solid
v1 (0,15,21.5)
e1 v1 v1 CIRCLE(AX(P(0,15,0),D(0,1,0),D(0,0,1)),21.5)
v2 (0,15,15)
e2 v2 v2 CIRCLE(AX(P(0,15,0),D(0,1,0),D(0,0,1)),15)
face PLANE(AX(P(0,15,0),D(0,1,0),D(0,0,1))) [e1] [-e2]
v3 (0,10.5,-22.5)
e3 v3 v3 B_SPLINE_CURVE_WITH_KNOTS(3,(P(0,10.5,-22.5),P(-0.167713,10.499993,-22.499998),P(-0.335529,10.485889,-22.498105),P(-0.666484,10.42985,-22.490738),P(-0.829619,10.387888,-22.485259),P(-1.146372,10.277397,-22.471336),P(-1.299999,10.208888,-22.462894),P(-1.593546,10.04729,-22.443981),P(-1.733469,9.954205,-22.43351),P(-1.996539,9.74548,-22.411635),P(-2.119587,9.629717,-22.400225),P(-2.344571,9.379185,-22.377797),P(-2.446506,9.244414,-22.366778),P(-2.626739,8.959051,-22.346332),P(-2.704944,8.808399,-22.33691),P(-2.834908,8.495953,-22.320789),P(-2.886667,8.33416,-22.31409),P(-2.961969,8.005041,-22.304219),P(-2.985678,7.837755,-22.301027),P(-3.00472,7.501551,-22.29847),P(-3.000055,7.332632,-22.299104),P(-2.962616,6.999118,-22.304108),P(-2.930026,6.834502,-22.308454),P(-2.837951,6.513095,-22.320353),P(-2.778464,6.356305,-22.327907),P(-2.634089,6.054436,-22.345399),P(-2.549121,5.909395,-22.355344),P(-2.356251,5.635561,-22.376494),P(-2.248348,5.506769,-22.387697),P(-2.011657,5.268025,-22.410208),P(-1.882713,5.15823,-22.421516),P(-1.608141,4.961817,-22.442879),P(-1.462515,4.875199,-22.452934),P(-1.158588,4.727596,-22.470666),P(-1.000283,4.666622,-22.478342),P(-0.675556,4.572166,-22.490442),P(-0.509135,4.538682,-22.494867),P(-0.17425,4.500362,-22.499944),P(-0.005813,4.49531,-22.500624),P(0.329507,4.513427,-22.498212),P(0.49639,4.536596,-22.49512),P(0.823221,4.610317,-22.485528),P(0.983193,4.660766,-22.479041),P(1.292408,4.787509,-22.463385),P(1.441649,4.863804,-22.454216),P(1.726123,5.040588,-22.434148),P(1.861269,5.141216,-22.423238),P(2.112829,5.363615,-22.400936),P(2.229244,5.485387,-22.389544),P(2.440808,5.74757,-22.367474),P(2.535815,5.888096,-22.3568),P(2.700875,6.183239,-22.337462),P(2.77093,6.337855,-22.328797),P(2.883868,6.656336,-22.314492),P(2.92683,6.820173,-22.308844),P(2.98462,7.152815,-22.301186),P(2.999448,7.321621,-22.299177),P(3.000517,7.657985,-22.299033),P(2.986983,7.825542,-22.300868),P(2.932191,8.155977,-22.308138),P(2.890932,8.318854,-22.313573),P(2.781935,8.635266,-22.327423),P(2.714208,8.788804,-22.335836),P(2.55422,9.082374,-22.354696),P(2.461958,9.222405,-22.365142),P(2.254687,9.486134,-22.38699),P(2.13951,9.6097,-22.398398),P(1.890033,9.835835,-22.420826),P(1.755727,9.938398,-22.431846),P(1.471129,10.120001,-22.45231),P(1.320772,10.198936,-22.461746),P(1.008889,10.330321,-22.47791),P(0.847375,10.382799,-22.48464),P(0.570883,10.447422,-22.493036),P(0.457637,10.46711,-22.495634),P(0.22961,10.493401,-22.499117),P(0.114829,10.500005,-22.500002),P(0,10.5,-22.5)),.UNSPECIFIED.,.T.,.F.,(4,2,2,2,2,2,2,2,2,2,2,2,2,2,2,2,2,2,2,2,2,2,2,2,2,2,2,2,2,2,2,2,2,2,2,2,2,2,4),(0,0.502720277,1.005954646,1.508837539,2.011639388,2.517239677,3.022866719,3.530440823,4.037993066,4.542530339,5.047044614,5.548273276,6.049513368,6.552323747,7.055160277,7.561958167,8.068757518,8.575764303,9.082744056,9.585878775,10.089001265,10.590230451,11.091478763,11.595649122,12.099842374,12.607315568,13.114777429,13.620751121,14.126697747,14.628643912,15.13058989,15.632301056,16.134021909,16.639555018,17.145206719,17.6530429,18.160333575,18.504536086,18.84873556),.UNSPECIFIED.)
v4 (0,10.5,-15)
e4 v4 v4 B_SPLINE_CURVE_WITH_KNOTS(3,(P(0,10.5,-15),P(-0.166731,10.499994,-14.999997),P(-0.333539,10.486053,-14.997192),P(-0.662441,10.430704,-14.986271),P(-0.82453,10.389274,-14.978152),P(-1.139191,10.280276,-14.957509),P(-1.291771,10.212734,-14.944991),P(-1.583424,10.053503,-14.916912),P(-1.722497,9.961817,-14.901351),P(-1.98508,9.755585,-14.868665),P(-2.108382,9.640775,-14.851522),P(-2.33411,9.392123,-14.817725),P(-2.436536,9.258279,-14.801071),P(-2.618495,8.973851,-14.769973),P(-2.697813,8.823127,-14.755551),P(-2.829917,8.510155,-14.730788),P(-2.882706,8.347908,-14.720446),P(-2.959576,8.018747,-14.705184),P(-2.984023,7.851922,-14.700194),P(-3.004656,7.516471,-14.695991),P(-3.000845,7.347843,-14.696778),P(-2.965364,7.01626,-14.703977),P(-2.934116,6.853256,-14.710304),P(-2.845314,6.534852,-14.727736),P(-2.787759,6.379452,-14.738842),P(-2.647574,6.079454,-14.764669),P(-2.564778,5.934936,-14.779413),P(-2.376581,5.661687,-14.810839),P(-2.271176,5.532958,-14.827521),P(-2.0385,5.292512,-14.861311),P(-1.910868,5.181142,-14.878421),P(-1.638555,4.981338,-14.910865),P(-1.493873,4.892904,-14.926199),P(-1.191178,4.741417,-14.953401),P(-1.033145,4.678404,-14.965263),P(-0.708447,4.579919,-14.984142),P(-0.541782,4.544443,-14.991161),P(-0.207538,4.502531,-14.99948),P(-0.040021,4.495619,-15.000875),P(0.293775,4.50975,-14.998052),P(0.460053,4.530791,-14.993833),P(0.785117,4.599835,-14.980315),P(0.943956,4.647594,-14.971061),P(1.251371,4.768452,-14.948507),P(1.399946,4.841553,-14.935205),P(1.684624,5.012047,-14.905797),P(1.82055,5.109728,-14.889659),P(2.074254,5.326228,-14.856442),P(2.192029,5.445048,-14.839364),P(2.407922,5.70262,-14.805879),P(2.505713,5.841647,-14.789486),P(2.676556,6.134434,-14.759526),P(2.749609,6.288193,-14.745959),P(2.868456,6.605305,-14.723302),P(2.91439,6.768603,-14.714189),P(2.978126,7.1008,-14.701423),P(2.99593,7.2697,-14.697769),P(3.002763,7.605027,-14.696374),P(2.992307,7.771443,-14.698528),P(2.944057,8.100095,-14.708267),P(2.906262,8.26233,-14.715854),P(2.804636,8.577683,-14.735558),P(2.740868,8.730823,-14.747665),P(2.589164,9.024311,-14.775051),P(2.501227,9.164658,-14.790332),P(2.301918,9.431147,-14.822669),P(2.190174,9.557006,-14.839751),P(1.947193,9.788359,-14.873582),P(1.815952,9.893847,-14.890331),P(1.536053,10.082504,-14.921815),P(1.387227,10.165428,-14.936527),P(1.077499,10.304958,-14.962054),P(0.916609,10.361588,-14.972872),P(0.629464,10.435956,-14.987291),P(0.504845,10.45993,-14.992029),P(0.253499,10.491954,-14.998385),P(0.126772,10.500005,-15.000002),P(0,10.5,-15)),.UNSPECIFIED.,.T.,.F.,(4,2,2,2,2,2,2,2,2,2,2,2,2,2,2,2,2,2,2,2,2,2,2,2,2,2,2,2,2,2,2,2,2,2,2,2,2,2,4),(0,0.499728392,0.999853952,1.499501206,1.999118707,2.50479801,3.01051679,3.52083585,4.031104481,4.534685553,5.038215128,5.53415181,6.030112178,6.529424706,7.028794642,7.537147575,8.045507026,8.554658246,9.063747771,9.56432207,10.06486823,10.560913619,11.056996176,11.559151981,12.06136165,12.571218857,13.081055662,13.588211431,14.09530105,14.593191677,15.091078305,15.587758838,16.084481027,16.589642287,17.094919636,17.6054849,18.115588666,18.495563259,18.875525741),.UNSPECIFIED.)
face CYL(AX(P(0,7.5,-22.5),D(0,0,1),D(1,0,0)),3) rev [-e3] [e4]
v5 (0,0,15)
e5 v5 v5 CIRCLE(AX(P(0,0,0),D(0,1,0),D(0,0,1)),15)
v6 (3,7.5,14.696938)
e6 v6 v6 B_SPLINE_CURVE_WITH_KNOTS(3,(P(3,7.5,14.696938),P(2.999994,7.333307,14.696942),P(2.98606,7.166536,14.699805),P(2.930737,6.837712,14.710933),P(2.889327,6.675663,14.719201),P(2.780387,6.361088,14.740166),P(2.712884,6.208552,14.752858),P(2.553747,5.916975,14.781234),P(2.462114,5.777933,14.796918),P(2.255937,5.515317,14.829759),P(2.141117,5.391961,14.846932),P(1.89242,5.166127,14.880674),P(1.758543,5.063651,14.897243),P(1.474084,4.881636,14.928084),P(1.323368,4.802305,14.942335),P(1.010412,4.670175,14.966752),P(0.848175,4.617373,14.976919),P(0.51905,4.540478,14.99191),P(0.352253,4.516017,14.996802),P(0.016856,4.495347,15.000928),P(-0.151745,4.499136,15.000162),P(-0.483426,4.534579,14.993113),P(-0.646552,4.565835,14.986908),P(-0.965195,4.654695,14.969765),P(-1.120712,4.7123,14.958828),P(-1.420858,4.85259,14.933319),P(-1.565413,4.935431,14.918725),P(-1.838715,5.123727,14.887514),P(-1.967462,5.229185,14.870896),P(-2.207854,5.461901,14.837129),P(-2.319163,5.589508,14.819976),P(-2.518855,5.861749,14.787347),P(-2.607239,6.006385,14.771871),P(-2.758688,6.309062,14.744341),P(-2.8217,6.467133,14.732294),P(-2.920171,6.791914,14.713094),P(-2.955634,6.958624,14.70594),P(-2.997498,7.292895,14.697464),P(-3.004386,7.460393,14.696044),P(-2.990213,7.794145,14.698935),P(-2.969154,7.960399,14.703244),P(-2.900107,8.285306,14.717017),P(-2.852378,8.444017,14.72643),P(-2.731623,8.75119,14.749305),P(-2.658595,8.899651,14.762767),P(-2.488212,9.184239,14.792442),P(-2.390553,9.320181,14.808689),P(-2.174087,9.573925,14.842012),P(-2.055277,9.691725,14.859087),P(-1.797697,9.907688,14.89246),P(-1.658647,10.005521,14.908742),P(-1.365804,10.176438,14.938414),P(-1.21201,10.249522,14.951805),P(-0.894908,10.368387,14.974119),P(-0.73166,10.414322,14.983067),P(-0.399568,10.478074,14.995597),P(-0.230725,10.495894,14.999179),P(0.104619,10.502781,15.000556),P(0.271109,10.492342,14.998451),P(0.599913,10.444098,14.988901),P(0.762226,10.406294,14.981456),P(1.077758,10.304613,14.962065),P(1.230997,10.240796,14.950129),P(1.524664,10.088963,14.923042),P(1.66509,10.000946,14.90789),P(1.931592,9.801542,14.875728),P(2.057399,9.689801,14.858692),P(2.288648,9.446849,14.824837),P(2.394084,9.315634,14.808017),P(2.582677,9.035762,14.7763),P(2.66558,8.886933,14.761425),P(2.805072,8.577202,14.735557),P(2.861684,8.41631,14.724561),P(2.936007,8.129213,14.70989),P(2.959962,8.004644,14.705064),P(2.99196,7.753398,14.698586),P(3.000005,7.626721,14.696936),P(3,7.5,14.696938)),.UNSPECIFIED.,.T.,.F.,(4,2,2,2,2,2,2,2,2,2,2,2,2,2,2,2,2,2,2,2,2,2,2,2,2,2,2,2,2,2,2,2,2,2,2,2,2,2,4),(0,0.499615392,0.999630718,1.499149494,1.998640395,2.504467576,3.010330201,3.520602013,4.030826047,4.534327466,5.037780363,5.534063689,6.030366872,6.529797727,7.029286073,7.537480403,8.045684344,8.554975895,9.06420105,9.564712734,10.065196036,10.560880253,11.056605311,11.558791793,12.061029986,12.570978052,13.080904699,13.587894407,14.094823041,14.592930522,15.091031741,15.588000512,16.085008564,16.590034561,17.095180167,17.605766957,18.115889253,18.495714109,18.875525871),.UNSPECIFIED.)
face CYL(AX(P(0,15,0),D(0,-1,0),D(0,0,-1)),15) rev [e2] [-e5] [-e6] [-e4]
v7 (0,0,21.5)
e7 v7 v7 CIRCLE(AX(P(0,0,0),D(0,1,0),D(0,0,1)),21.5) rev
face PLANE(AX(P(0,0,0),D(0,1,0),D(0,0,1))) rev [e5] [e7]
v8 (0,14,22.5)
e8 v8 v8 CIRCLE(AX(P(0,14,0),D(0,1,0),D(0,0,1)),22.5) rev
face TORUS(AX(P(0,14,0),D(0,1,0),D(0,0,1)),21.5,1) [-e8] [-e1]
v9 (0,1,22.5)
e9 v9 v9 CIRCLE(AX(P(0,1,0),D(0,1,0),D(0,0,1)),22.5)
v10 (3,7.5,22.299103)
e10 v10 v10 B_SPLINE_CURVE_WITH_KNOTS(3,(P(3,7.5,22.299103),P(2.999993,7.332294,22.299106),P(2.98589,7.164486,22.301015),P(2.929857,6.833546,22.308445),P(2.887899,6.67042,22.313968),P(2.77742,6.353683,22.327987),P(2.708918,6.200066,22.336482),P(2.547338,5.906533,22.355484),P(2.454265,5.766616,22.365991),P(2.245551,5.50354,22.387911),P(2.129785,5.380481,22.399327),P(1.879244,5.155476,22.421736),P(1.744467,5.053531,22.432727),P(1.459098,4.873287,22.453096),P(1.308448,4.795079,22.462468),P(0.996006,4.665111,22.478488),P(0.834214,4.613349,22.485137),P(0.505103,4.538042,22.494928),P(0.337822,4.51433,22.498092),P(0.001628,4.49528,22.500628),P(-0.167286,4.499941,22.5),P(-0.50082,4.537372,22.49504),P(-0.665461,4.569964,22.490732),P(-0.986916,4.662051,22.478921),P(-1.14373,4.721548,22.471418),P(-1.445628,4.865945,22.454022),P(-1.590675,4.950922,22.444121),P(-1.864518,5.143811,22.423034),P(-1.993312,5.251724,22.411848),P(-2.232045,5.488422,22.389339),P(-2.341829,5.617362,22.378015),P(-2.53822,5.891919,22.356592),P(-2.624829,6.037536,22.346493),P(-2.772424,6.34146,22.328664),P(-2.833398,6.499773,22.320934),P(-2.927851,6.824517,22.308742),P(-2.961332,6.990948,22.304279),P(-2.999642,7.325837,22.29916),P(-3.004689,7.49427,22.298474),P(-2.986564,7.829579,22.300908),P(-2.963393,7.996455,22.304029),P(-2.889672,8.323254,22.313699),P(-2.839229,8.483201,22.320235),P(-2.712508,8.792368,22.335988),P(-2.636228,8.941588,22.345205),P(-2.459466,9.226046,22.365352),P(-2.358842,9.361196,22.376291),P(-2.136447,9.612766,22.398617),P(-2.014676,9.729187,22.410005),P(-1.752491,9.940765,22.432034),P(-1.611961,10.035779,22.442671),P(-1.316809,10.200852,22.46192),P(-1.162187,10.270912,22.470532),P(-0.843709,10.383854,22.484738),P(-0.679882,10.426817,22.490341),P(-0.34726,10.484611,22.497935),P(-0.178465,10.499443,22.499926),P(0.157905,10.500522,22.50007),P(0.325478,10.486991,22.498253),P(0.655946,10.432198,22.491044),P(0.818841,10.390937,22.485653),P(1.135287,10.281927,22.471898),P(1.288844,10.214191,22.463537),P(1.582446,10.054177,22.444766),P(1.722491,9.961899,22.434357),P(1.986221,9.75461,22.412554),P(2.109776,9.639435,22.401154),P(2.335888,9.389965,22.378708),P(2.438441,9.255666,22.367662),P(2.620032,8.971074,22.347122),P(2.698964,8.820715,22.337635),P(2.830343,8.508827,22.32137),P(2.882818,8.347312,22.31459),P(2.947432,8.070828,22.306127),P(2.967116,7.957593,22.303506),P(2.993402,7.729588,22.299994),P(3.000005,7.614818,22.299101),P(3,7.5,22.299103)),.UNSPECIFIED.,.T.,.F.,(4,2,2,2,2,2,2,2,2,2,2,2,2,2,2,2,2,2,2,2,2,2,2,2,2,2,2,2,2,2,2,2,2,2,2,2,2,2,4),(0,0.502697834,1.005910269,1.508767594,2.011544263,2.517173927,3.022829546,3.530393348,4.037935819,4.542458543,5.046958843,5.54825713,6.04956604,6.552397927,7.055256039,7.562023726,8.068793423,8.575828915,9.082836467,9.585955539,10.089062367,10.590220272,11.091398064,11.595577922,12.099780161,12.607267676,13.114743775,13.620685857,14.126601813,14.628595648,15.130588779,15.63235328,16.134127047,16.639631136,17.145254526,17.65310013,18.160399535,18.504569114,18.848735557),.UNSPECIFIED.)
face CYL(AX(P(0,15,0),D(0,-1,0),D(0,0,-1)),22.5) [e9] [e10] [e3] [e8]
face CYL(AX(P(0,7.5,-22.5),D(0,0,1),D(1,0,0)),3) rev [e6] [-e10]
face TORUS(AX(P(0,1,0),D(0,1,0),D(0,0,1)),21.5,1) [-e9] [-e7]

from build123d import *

# Parameters (mm, degrees)
SKETCH1_R               = 22.5
SKETCH1_R_2             = 15
BOSS_EXTRUDE1_DEPTH     = 15
SKETCH2_R               = 3
CUT_EXTRUDE1_DEPTH      = 23.5
CUT_EXTRUDE1_DEPTH_BACK = 23.5
FILLET1_R               = 1


with BuildPart() as part:
    # Sketch1 → Boss-Extrude1 (new body)
    with BuildSketch(Plane(origin=(0, 0, 0), x_dir=(1, 0, 0), z_dir=(0, 1, 0))):
        Circle(SKETCH1_R)
        Circle(SKETCH1_R_2, mode=Mode.SUBTRACT)
    extrude(amount=BOSS_EXTRUDE1_DEPTH)

    # Sketch2 → Cut-Extrude1 (cut, two sides)
    with BuildSketch(Plane.XY) as cut_extrude1_sk:
        with Locations((0, 7.5)):
            Circle(SKETCH2_R)
    extrude(amount=CUT_EXTRUDE1_DEPTH, mode=Mode.SUBTRACT)
    extrude(cut_extrude1_sk.sketch, amount=-CUT_EXTRUDE1_DEPTH_BACK, mode=Mode.SUBTRACT)

    # Fillet1
    fillet1_edges = [part.edges().sort_by_distance(p)[0] for p in [
        (-22.5, 0, 0),
        (-22.5, 15, 0),
    ]]
    fillet(fillet1_edges, radius=FILLET1_R)


solid = part.part
